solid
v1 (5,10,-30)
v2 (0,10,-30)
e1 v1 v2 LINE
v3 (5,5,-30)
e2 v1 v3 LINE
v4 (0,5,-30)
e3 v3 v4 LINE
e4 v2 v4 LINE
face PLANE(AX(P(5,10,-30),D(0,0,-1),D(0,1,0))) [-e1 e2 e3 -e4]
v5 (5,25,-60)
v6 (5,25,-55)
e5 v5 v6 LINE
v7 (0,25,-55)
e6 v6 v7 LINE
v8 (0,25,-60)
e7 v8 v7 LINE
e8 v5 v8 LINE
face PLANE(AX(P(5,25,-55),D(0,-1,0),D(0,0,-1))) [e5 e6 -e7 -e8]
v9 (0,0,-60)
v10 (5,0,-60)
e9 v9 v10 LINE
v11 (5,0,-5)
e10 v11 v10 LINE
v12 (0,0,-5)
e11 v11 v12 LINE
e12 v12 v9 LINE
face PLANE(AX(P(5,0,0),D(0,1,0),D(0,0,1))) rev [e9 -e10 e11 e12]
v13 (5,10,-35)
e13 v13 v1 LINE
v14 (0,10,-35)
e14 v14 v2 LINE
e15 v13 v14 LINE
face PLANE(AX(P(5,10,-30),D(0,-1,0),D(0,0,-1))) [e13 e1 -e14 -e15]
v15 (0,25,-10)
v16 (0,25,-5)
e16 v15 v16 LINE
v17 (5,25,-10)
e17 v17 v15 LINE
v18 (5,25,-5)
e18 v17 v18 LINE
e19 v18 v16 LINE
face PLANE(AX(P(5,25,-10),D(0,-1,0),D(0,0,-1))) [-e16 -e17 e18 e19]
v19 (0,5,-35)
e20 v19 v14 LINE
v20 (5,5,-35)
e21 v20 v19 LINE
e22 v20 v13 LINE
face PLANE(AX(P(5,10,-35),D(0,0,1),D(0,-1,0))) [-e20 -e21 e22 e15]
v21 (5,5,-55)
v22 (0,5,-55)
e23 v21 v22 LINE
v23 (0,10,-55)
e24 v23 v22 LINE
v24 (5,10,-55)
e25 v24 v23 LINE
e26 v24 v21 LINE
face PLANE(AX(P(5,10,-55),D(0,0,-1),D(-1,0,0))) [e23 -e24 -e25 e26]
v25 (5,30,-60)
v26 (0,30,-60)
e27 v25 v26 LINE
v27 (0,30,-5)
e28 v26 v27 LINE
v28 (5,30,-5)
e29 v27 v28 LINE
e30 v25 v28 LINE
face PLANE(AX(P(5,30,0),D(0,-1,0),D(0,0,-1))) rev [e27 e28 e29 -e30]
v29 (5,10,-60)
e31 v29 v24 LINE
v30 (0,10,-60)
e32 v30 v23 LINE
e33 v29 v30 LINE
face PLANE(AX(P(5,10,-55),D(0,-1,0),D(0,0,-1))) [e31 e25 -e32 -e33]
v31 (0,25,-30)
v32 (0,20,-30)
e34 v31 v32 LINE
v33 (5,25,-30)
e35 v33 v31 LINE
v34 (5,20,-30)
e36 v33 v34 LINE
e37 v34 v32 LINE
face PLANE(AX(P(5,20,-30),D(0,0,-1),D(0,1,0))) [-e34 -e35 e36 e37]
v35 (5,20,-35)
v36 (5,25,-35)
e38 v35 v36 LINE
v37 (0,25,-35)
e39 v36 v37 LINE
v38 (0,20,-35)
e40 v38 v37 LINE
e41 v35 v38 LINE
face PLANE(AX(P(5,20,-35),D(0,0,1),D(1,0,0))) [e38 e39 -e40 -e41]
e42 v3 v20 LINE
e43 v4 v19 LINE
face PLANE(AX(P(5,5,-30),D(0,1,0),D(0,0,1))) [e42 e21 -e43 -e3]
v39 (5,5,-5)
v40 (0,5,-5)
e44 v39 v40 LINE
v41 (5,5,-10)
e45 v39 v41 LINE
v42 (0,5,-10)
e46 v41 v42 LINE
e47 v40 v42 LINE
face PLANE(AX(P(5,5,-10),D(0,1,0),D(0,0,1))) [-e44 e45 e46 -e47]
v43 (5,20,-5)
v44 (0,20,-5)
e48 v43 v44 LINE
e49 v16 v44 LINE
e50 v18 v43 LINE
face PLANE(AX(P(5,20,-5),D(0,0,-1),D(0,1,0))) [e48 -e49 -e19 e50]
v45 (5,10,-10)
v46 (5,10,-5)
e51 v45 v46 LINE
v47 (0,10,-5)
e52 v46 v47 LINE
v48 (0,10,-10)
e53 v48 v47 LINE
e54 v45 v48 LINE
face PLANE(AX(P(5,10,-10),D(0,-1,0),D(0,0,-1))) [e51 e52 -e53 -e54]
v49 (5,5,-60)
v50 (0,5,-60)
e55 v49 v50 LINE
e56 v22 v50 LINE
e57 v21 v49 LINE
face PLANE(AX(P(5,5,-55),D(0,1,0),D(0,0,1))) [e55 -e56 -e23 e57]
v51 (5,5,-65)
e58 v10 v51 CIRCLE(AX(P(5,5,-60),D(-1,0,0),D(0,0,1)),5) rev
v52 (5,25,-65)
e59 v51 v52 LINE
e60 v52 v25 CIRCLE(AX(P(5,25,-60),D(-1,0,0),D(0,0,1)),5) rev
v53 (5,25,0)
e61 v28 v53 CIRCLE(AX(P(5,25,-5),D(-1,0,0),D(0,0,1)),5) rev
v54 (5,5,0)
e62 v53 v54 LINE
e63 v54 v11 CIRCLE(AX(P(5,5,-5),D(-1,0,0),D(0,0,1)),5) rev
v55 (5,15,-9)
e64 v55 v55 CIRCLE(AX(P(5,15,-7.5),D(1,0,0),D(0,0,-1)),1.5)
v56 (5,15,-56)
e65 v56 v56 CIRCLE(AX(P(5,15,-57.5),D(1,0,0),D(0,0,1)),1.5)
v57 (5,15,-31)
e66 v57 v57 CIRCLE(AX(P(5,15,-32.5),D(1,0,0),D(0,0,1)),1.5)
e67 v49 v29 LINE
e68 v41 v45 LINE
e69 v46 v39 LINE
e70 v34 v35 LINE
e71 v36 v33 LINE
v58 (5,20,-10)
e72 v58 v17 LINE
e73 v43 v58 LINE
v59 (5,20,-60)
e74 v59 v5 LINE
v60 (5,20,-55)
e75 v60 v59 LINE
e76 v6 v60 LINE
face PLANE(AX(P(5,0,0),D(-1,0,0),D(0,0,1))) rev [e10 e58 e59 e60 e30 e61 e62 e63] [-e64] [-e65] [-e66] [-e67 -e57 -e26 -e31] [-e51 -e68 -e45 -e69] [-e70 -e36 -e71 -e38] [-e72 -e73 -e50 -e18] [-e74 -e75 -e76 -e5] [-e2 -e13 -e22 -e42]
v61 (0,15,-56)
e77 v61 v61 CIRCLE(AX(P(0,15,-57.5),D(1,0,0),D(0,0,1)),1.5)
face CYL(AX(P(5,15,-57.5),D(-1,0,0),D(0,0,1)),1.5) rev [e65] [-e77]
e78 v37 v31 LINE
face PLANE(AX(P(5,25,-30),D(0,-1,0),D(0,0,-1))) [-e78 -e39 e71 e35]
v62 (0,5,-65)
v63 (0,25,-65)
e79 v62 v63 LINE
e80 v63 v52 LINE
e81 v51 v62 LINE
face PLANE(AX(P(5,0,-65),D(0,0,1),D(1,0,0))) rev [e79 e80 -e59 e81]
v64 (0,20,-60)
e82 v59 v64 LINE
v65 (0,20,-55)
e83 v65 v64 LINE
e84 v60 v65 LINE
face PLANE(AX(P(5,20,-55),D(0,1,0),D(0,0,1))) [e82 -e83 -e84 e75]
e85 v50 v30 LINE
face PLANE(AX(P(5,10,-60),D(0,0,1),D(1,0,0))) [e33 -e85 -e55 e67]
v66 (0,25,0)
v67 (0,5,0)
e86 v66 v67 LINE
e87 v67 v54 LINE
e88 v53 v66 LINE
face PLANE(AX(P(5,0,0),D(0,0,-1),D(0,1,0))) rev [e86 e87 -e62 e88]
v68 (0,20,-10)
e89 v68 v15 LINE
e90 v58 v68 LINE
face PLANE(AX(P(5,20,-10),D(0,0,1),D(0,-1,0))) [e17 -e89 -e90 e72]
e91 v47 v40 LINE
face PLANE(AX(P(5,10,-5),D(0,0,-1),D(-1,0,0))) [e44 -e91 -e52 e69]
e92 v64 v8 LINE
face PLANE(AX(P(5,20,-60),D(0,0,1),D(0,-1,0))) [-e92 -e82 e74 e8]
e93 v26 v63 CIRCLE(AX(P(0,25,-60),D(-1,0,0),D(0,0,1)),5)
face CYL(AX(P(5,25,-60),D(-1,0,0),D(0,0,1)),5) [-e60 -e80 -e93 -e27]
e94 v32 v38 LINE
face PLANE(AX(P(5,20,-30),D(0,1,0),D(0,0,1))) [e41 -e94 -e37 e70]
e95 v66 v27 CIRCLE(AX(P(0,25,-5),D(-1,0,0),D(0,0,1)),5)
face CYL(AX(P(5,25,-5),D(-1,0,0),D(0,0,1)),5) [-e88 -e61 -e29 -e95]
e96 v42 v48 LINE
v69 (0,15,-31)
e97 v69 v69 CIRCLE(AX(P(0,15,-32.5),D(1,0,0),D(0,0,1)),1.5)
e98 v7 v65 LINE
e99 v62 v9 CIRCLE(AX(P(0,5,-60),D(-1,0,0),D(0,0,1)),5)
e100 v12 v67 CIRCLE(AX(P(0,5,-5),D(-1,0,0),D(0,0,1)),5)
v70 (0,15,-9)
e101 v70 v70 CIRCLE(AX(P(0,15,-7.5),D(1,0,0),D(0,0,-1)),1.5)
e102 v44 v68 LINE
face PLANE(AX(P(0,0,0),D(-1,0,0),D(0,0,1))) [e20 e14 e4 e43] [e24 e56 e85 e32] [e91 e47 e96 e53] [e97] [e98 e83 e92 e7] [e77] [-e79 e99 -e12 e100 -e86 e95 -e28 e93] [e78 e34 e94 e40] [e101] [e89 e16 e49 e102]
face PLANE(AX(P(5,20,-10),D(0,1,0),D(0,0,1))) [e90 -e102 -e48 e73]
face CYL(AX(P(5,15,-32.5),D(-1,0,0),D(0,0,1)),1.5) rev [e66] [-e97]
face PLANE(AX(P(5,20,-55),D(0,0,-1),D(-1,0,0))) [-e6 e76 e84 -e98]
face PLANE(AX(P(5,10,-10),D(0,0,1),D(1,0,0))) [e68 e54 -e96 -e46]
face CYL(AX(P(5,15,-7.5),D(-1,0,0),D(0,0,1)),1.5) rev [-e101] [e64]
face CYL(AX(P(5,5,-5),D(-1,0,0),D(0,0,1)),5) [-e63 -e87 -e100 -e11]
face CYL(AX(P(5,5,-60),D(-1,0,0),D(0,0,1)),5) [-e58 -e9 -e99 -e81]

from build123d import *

# Parameters (mm, degrees)
SKETCH1_W           = 65
SKETCH1_H           = 30
SKETCH1_R           = 1.5
SKETCH1_W_2         = 5
SKETCH1_H_2         = 5
BOSS_EXTRUDE1_DEPTH = 5
FILLET1_R           = 5


with BuildPart() as part:
    # Sketch1 → Boss-Extrude1 (new body)
    with BuildSketch(Plane(origin=(0, 0, 0), x_dir=(0, 0, -1), z_dir=(1, 0, 0))):
        with Locations((32.5, 15)):
            Rectangle(SKETCH1_W, SKETCH1_H)
        with Locations((7.5, 15)):
            Circle(SKETCH1_R, mode=Mode.SUBTRACT)
        with Locations(Location((57.5, 15, 0), (0, 0, 180))):
            Circle(SKETCH1_R, mode=Mode.SUBTRACT)
        with Locations(Location((32.5, 15, 0), (0, 0, 180))):
            Circle(SKETCH1_R, mode=Mode.SUBTRACT)
        with Locations((7.5, 22.5)):
            Rectangle(SKETCH1_W_2, SKETCH1_H_2, mode=Mode.SUBTRACT)
        with Locations((7.5, 7.5)):
            Rectangle(SKETCH1_W_2, SKETCH1_H_2, mode=Mode.SUBTRACT)
        with Locations((57.5, 22.5)):
            Rectangle(SKETCH1_W_2, SKETCH1_H_2, mode=Mode.SUBTRACT)
        with Locations((57.5, 7.5)):
            Rectangle(SKETCH1_W_2, SKETCH1_H_2, mode=Mode.SUBTRACT)
        with Locations((32.5, 22.5)):
            Rectangle(SKETCH1_W_2, SKETCH1_H_2, mode=Mode.SUBTRACT)
        with Locations((32.5, 7.5)):
            Rectangle(SKETCH1_W_2, SKETCH1_H_2, mode=Mode.SUBTRACT)
    extrude(amount=BOSS_EXTRUDE1_DEPTH)

    # Fillet1
    fillet1_edges = [part.edges().sort_by_distance(p)[0] for p in [
        (2.5, 30, 0),
        (2.5, 30, -65),
        (2.5, 0, -65),
        (2.5, 0, 0),
    ]]
    fillet(fillet1_edges, radius=FILLET1_R)


solid = part.part
